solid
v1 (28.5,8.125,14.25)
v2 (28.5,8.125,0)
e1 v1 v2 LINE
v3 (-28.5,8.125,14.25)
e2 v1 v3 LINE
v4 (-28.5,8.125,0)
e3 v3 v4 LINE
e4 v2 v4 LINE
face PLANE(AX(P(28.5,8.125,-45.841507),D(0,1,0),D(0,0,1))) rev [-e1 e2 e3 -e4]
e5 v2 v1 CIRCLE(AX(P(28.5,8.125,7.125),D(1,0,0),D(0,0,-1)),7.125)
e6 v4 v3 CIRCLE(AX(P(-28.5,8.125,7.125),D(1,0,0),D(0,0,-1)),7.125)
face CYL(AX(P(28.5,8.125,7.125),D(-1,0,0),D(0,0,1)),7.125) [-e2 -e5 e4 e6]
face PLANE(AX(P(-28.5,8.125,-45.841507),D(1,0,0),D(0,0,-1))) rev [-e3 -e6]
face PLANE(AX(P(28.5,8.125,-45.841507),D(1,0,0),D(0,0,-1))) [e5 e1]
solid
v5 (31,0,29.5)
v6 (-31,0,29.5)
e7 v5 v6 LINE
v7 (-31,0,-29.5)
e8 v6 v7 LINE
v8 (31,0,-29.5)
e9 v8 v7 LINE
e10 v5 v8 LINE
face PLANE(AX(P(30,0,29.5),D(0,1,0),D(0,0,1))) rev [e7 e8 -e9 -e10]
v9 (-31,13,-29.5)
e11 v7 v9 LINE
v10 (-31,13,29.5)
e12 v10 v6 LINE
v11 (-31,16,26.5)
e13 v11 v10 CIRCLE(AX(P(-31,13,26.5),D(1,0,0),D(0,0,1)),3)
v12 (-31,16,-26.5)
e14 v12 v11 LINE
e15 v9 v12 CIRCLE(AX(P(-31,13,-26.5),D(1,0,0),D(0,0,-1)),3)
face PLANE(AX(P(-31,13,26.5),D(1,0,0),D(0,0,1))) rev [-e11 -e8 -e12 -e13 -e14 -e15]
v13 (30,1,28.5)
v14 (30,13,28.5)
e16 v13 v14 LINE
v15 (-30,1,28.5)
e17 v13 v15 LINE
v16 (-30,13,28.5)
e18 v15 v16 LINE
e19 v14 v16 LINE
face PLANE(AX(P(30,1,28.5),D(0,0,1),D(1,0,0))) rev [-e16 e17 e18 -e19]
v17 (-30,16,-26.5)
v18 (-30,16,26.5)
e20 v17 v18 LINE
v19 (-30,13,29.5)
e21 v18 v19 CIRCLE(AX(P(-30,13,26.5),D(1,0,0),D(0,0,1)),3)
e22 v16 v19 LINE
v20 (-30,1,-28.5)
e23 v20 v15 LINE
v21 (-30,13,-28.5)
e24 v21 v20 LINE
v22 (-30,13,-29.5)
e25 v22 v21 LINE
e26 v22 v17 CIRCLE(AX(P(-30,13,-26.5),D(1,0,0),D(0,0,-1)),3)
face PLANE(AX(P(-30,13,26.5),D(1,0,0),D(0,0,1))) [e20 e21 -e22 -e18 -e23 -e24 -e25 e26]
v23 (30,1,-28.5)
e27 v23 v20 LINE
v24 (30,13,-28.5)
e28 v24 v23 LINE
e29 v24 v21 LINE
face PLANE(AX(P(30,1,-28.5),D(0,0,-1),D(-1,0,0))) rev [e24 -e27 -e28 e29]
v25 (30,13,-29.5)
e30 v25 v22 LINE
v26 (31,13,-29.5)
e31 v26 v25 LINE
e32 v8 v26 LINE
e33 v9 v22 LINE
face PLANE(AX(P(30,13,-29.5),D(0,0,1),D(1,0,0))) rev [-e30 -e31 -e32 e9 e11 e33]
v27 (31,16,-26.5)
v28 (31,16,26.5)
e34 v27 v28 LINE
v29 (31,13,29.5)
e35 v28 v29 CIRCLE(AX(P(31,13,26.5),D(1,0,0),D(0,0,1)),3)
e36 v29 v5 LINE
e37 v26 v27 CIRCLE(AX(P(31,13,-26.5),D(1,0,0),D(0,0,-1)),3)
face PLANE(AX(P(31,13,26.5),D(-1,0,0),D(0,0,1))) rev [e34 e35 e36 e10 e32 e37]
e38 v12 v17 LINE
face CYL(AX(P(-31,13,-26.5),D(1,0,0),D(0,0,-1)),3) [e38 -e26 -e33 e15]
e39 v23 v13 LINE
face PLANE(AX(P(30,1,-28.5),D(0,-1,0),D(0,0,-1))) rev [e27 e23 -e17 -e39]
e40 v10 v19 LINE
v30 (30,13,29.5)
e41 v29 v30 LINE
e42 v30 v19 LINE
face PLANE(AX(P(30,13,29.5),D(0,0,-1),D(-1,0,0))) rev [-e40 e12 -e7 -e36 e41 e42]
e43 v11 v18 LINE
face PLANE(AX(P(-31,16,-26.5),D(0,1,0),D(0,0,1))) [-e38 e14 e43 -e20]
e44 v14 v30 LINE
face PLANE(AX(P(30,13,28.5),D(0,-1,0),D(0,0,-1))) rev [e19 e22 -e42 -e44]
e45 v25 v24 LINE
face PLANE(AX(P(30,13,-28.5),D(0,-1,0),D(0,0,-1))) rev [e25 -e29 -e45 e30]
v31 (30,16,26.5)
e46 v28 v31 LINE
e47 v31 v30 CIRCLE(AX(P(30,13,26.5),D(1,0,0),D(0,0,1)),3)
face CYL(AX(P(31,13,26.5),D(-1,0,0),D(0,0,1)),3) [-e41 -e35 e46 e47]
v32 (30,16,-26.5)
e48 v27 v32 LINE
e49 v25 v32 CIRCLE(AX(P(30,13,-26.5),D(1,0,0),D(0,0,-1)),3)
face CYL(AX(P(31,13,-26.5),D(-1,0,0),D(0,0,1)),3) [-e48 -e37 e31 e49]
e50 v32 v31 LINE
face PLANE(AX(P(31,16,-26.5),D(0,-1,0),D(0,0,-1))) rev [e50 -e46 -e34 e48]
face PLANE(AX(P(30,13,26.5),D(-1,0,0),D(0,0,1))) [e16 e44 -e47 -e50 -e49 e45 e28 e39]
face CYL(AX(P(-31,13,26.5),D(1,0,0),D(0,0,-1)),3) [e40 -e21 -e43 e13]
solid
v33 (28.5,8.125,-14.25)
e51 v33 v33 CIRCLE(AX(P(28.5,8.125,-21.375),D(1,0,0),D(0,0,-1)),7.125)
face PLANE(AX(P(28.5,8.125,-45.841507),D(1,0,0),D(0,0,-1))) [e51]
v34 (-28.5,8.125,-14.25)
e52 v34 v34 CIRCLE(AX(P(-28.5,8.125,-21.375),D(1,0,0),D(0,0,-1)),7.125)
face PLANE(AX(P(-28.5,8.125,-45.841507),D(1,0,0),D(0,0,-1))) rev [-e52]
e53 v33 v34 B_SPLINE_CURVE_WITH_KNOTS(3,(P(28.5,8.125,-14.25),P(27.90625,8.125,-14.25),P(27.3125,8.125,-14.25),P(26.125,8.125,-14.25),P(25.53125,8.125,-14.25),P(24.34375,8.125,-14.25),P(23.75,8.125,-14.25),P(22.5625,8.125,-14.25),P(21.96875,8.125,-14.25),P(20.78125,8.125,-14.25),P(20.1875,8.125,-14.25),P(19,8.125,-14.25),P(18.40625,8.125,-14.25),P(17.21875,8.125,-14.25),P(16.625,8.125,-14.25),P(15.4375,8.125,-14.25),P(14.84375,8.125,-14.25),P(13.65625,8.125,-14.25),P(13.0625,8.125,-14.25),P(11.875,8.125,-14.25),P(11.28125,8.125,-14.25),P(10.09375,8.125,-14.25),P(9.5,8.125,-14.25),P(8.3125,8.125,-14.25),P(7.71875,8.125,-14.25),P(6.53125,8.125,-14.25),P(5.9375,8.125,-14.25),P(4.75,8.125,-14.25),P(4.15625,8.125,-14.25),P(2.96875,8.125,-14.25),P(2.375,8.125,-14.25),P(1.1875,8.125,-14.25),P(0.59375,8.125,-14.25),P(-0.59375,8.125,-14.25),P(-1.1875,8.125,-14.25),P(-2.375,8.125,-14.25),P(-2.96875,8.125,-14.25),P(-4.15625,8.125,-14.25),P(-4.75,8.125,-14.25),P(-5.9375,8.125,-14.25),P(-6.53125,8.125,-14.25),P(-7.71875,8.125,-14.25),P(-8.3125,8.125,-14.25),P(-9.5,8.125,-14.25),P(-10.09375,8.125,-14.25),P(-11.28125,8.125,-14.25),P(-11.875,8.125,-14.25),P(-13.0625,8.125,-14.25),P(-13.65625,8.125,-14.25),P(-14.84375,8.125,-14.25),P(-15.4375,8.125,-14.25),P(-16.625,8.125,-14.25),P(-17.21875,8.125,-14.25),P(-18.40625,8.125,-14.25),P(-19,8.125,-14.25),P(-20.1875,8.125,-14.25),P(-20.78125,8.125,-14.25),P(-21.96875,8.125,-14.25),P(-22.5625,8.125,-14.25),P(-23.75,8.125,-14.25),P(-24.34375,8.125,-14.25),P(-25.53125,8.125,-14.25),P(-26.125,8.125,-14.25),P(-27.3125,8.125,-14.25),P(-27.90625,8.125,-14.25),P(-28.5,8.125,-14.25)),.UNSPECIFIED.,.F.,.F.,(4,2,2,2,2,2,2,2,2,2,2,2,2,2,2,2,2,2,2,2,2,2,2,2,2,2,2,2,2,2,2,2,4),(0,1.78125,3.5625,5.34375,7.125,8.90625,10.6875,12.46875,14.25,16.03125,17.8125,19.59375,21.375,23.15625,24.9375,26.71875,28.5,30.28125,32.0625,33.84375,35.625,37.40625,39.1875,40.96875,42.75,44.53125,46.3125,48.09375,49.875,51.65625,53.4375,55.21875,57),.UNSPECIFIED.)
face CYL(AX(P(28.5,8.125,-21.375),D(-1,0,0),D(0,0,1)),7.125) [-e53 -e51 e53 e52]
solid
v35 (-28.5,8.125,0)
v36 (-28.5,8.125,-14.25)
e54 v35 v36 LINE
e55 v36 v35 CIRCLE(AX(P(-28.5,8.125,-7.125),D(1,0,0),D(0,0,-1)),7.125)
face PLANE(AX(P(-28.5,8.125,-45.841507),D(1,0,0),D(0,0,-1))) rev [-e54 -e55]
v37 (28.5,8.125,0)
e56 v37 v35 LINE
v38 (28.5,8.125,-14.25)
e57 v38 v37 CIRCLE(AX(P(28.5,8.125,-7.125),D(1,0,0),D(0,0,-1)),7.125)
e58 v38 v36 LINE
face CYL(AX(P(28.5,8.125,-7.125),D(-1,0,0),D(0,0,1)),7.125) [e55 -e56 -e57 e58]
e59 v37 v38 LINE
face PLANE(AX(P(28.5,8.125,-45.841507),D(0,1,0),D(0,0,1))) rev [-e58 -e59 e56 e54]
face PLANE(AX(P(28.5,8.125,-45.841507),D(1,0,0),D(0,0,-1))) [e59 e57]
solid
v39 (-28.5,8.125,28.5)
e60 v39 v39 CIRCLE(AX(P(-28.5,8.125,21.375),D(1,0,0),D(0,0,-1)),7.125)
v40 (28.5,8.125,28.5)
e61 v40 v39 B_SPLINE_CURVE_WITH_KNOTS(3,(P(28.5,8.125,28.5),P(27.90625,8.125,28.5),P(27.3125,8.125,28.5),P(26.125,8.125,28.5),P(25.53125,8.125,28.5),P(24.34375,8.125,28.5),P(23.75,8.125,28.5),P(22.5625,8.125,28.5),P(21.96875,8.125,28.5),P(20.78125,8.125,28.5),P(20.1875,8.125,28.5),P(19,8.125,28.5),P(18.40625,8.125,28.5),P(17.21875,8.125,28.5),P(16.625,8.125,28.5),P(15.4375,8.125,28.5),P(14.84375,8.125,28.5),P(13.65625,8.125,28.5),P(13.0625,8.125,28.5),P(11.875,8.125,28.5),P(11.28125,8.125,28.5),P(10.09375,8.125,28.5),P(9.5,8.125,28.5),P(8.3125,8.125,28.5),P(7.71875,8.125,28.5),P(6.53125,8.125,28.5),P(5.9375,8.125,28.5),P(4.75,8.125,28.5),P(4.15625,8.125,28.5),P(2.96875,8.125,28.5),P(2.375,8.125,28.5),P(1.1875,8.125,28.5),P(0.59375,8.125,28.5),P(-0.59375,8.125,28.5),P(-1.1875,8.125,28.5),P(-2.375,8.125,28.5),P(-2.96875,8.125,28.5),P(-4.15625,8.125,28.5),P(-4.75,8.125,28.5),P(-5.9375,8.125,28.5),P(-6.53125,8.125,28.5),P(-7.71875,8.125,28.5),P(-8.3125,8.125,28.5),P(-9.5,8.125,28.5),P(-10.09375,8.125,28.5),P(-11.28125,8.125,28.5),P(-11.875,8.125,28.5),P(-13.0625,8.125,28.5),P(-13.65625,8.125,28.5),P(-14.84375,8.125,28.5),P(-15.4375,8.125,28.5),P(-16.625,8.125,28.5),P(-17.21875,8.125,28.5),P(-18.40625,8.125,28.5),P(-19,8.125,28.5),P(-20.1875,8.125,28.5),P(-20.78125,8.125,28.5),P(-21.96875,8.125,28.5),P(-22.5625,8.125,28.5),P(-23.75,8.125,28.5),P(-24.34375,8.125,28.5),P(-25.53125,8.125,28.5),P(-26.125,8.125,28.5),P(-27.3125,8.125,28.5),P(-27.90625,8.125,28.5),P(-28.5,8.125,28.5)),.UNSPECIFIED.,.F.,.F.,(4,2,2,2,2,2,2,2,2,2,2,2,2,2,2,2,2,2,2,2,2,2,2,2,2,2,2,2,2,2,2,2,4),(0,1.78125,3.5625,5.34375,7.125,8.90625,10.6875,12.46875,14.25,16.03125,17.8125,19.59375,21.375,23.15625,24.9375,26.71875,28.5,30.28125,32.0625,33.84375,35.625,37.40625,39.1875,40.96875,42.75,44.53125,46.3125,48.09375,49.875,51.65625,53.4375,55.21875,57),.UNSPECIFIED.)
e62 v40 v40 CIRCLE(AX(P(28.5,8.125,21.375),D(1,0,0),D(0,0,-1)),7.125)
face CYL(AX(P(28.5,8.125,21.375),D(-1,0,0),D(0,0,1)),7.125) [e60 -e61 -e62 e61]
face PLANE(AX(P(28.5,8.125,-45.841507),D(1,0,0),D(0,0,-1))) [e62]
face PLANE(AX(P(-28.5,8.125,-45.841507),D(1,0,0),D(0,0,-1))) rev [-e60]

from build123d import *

# Parameters (mm, degrees)
LINEAR_AUSTRAGEN1_DEPTH   = 30
LINEAR_AUSTRAGEN2_DEPTH   = 1
LINEAR_AUSTRAGEN3_DEPTH   = 28.5
SKIZZE3_R                 = 7.125
LINEAR_AUSTRAGEN3_2_DEPTH = 28.5
LINEAR_AUSTRAGEN3_3_DEPTH = 28.5
LINEAR_AUSTRAGEN3_4_DEPTH = 28.5


with BuildPart() as part:
    # Skizze1 → Linear austragen1 (new body)
    with BuildSketch(Plane(origin=(0, 0, 0), x_dir=(0, 0, -1), z_dir=(1, 0, 0))):
        Polygon((29.5, 13), (29.5, 0), (-29.5, 0), (-29.5, 13), (-28.5, 13), (-28.5, 1), (28.5, 1), (28.5, 13), align=None)
    linear_austragen1 = extrude(amount=LINEAR_AUSTRAGEN1_DEPTH)

    # Skizze2 → Linear austragen2 (add)
    with BuildSketch(Plane(origin=(30, 0, 0), x_dir=(0, 0, -1), z_dir=(1, 0, 0))):
        with BuildLine():
            Line((-29.5, 0), (29.5, 0))
            Line((29.5, 0), (29.5, 13))
            ThreePointArc((29.5, 13), (28.621320344, 15.121320344), (26.5, 16))
            Line((26.5, 16), (-26.5, 16))
            ThreePointArc((-26.5, 16), (-28.621320344, 15.121320344), (-29.5, 13))
            Line((-29.5, 13), (-29.5, 0))
        make_face()
    linear_austragen2 = extrude(amount=LINEAR_AUSTRAGEN2_DEPTH)

    # Spiegeln11: Linear austragen1, Linear austragen2 across plane
    add(linear_austragen1.mirror(Plane(origin=(0, 13, -29.5), x_dir=(0, 0, 1), z_dir=(-1, 0, 0))))
    add(linear_austragen2.mirror(Plane(origin=(0, 13, -29.5), x_dir=(0, 0, 1), z_dir=(-1, 0, 0))))


with BuildPart() as body_2:
    # Skizze3 → Linear austragen3 (new, symmetric)
    with BuildSketch(Plane(origin=(0, 0, 0), x_dir=(0, 0, -1), z_dir=(1, 0, 0))):
        with BuildLine():
            ThreePointArc((0, 8.125), (-7.125, 15.25), (-14.25, 8.125))
            Line((-14.25, 8.125), (0, 8.125))
        make_face()
    extrude(amount=LINEAR_AUSTRAGEN3_DEPTH, both=True)


with BuildPart() as body_3:
    # Skizze3 → Linear austragen3 2 (new, symmetric)
    with BuildSketch(Plane(origin=(0, 0, 0), x_dir=(0, 0, -1), z_dir=(1, 0, 0))):
        with Locations(Location((-21.375, 8.125, 0), (0, 0, 180))):
            Circle(SKIZZE3_R)
    extrude(amount=LINEAR_AUSTRAGEN3_2_DEPTH, both=True)


with BuildPart() as body_4:
    # Skizze3 → Linear austragen3 3 (new, symmetric)
    with BuildSketch(Plane(origin=(0, 0, 0), x_dir=(0, 0, -1), z_dir=(1, 0, 0))):
        with Locations(Location((21.375, 8.125, 0), (0, 0, 180))):
            Circle(SKIZZE3_R)
    extrude(amount=LINEAR_AUSTRAGEN3_3_DEPTH, both=True)


with BuildPart() as body_5:
    # Skizze3 → Linear austragen3 4 (new, symmetric)
    with BuildSketch(Plane(origin=(0, 0, 0), x_dir=(0, 0, -1), z_dir=(1, 0, 0))):
        with BuildLine():
            ThreePointArc((14.25, 8.125), (7.125, 15.25), (0, 8.125))
            Line((0, 8.125), (14.25, 8.125))
        make_face()
    extrude(amount=LINEAR_AUSTRAGEN3_4_DEPTH, both=True)


solid = Compound([part.part, body_2.part, body_3.part, body_4.part, body_5.part])
